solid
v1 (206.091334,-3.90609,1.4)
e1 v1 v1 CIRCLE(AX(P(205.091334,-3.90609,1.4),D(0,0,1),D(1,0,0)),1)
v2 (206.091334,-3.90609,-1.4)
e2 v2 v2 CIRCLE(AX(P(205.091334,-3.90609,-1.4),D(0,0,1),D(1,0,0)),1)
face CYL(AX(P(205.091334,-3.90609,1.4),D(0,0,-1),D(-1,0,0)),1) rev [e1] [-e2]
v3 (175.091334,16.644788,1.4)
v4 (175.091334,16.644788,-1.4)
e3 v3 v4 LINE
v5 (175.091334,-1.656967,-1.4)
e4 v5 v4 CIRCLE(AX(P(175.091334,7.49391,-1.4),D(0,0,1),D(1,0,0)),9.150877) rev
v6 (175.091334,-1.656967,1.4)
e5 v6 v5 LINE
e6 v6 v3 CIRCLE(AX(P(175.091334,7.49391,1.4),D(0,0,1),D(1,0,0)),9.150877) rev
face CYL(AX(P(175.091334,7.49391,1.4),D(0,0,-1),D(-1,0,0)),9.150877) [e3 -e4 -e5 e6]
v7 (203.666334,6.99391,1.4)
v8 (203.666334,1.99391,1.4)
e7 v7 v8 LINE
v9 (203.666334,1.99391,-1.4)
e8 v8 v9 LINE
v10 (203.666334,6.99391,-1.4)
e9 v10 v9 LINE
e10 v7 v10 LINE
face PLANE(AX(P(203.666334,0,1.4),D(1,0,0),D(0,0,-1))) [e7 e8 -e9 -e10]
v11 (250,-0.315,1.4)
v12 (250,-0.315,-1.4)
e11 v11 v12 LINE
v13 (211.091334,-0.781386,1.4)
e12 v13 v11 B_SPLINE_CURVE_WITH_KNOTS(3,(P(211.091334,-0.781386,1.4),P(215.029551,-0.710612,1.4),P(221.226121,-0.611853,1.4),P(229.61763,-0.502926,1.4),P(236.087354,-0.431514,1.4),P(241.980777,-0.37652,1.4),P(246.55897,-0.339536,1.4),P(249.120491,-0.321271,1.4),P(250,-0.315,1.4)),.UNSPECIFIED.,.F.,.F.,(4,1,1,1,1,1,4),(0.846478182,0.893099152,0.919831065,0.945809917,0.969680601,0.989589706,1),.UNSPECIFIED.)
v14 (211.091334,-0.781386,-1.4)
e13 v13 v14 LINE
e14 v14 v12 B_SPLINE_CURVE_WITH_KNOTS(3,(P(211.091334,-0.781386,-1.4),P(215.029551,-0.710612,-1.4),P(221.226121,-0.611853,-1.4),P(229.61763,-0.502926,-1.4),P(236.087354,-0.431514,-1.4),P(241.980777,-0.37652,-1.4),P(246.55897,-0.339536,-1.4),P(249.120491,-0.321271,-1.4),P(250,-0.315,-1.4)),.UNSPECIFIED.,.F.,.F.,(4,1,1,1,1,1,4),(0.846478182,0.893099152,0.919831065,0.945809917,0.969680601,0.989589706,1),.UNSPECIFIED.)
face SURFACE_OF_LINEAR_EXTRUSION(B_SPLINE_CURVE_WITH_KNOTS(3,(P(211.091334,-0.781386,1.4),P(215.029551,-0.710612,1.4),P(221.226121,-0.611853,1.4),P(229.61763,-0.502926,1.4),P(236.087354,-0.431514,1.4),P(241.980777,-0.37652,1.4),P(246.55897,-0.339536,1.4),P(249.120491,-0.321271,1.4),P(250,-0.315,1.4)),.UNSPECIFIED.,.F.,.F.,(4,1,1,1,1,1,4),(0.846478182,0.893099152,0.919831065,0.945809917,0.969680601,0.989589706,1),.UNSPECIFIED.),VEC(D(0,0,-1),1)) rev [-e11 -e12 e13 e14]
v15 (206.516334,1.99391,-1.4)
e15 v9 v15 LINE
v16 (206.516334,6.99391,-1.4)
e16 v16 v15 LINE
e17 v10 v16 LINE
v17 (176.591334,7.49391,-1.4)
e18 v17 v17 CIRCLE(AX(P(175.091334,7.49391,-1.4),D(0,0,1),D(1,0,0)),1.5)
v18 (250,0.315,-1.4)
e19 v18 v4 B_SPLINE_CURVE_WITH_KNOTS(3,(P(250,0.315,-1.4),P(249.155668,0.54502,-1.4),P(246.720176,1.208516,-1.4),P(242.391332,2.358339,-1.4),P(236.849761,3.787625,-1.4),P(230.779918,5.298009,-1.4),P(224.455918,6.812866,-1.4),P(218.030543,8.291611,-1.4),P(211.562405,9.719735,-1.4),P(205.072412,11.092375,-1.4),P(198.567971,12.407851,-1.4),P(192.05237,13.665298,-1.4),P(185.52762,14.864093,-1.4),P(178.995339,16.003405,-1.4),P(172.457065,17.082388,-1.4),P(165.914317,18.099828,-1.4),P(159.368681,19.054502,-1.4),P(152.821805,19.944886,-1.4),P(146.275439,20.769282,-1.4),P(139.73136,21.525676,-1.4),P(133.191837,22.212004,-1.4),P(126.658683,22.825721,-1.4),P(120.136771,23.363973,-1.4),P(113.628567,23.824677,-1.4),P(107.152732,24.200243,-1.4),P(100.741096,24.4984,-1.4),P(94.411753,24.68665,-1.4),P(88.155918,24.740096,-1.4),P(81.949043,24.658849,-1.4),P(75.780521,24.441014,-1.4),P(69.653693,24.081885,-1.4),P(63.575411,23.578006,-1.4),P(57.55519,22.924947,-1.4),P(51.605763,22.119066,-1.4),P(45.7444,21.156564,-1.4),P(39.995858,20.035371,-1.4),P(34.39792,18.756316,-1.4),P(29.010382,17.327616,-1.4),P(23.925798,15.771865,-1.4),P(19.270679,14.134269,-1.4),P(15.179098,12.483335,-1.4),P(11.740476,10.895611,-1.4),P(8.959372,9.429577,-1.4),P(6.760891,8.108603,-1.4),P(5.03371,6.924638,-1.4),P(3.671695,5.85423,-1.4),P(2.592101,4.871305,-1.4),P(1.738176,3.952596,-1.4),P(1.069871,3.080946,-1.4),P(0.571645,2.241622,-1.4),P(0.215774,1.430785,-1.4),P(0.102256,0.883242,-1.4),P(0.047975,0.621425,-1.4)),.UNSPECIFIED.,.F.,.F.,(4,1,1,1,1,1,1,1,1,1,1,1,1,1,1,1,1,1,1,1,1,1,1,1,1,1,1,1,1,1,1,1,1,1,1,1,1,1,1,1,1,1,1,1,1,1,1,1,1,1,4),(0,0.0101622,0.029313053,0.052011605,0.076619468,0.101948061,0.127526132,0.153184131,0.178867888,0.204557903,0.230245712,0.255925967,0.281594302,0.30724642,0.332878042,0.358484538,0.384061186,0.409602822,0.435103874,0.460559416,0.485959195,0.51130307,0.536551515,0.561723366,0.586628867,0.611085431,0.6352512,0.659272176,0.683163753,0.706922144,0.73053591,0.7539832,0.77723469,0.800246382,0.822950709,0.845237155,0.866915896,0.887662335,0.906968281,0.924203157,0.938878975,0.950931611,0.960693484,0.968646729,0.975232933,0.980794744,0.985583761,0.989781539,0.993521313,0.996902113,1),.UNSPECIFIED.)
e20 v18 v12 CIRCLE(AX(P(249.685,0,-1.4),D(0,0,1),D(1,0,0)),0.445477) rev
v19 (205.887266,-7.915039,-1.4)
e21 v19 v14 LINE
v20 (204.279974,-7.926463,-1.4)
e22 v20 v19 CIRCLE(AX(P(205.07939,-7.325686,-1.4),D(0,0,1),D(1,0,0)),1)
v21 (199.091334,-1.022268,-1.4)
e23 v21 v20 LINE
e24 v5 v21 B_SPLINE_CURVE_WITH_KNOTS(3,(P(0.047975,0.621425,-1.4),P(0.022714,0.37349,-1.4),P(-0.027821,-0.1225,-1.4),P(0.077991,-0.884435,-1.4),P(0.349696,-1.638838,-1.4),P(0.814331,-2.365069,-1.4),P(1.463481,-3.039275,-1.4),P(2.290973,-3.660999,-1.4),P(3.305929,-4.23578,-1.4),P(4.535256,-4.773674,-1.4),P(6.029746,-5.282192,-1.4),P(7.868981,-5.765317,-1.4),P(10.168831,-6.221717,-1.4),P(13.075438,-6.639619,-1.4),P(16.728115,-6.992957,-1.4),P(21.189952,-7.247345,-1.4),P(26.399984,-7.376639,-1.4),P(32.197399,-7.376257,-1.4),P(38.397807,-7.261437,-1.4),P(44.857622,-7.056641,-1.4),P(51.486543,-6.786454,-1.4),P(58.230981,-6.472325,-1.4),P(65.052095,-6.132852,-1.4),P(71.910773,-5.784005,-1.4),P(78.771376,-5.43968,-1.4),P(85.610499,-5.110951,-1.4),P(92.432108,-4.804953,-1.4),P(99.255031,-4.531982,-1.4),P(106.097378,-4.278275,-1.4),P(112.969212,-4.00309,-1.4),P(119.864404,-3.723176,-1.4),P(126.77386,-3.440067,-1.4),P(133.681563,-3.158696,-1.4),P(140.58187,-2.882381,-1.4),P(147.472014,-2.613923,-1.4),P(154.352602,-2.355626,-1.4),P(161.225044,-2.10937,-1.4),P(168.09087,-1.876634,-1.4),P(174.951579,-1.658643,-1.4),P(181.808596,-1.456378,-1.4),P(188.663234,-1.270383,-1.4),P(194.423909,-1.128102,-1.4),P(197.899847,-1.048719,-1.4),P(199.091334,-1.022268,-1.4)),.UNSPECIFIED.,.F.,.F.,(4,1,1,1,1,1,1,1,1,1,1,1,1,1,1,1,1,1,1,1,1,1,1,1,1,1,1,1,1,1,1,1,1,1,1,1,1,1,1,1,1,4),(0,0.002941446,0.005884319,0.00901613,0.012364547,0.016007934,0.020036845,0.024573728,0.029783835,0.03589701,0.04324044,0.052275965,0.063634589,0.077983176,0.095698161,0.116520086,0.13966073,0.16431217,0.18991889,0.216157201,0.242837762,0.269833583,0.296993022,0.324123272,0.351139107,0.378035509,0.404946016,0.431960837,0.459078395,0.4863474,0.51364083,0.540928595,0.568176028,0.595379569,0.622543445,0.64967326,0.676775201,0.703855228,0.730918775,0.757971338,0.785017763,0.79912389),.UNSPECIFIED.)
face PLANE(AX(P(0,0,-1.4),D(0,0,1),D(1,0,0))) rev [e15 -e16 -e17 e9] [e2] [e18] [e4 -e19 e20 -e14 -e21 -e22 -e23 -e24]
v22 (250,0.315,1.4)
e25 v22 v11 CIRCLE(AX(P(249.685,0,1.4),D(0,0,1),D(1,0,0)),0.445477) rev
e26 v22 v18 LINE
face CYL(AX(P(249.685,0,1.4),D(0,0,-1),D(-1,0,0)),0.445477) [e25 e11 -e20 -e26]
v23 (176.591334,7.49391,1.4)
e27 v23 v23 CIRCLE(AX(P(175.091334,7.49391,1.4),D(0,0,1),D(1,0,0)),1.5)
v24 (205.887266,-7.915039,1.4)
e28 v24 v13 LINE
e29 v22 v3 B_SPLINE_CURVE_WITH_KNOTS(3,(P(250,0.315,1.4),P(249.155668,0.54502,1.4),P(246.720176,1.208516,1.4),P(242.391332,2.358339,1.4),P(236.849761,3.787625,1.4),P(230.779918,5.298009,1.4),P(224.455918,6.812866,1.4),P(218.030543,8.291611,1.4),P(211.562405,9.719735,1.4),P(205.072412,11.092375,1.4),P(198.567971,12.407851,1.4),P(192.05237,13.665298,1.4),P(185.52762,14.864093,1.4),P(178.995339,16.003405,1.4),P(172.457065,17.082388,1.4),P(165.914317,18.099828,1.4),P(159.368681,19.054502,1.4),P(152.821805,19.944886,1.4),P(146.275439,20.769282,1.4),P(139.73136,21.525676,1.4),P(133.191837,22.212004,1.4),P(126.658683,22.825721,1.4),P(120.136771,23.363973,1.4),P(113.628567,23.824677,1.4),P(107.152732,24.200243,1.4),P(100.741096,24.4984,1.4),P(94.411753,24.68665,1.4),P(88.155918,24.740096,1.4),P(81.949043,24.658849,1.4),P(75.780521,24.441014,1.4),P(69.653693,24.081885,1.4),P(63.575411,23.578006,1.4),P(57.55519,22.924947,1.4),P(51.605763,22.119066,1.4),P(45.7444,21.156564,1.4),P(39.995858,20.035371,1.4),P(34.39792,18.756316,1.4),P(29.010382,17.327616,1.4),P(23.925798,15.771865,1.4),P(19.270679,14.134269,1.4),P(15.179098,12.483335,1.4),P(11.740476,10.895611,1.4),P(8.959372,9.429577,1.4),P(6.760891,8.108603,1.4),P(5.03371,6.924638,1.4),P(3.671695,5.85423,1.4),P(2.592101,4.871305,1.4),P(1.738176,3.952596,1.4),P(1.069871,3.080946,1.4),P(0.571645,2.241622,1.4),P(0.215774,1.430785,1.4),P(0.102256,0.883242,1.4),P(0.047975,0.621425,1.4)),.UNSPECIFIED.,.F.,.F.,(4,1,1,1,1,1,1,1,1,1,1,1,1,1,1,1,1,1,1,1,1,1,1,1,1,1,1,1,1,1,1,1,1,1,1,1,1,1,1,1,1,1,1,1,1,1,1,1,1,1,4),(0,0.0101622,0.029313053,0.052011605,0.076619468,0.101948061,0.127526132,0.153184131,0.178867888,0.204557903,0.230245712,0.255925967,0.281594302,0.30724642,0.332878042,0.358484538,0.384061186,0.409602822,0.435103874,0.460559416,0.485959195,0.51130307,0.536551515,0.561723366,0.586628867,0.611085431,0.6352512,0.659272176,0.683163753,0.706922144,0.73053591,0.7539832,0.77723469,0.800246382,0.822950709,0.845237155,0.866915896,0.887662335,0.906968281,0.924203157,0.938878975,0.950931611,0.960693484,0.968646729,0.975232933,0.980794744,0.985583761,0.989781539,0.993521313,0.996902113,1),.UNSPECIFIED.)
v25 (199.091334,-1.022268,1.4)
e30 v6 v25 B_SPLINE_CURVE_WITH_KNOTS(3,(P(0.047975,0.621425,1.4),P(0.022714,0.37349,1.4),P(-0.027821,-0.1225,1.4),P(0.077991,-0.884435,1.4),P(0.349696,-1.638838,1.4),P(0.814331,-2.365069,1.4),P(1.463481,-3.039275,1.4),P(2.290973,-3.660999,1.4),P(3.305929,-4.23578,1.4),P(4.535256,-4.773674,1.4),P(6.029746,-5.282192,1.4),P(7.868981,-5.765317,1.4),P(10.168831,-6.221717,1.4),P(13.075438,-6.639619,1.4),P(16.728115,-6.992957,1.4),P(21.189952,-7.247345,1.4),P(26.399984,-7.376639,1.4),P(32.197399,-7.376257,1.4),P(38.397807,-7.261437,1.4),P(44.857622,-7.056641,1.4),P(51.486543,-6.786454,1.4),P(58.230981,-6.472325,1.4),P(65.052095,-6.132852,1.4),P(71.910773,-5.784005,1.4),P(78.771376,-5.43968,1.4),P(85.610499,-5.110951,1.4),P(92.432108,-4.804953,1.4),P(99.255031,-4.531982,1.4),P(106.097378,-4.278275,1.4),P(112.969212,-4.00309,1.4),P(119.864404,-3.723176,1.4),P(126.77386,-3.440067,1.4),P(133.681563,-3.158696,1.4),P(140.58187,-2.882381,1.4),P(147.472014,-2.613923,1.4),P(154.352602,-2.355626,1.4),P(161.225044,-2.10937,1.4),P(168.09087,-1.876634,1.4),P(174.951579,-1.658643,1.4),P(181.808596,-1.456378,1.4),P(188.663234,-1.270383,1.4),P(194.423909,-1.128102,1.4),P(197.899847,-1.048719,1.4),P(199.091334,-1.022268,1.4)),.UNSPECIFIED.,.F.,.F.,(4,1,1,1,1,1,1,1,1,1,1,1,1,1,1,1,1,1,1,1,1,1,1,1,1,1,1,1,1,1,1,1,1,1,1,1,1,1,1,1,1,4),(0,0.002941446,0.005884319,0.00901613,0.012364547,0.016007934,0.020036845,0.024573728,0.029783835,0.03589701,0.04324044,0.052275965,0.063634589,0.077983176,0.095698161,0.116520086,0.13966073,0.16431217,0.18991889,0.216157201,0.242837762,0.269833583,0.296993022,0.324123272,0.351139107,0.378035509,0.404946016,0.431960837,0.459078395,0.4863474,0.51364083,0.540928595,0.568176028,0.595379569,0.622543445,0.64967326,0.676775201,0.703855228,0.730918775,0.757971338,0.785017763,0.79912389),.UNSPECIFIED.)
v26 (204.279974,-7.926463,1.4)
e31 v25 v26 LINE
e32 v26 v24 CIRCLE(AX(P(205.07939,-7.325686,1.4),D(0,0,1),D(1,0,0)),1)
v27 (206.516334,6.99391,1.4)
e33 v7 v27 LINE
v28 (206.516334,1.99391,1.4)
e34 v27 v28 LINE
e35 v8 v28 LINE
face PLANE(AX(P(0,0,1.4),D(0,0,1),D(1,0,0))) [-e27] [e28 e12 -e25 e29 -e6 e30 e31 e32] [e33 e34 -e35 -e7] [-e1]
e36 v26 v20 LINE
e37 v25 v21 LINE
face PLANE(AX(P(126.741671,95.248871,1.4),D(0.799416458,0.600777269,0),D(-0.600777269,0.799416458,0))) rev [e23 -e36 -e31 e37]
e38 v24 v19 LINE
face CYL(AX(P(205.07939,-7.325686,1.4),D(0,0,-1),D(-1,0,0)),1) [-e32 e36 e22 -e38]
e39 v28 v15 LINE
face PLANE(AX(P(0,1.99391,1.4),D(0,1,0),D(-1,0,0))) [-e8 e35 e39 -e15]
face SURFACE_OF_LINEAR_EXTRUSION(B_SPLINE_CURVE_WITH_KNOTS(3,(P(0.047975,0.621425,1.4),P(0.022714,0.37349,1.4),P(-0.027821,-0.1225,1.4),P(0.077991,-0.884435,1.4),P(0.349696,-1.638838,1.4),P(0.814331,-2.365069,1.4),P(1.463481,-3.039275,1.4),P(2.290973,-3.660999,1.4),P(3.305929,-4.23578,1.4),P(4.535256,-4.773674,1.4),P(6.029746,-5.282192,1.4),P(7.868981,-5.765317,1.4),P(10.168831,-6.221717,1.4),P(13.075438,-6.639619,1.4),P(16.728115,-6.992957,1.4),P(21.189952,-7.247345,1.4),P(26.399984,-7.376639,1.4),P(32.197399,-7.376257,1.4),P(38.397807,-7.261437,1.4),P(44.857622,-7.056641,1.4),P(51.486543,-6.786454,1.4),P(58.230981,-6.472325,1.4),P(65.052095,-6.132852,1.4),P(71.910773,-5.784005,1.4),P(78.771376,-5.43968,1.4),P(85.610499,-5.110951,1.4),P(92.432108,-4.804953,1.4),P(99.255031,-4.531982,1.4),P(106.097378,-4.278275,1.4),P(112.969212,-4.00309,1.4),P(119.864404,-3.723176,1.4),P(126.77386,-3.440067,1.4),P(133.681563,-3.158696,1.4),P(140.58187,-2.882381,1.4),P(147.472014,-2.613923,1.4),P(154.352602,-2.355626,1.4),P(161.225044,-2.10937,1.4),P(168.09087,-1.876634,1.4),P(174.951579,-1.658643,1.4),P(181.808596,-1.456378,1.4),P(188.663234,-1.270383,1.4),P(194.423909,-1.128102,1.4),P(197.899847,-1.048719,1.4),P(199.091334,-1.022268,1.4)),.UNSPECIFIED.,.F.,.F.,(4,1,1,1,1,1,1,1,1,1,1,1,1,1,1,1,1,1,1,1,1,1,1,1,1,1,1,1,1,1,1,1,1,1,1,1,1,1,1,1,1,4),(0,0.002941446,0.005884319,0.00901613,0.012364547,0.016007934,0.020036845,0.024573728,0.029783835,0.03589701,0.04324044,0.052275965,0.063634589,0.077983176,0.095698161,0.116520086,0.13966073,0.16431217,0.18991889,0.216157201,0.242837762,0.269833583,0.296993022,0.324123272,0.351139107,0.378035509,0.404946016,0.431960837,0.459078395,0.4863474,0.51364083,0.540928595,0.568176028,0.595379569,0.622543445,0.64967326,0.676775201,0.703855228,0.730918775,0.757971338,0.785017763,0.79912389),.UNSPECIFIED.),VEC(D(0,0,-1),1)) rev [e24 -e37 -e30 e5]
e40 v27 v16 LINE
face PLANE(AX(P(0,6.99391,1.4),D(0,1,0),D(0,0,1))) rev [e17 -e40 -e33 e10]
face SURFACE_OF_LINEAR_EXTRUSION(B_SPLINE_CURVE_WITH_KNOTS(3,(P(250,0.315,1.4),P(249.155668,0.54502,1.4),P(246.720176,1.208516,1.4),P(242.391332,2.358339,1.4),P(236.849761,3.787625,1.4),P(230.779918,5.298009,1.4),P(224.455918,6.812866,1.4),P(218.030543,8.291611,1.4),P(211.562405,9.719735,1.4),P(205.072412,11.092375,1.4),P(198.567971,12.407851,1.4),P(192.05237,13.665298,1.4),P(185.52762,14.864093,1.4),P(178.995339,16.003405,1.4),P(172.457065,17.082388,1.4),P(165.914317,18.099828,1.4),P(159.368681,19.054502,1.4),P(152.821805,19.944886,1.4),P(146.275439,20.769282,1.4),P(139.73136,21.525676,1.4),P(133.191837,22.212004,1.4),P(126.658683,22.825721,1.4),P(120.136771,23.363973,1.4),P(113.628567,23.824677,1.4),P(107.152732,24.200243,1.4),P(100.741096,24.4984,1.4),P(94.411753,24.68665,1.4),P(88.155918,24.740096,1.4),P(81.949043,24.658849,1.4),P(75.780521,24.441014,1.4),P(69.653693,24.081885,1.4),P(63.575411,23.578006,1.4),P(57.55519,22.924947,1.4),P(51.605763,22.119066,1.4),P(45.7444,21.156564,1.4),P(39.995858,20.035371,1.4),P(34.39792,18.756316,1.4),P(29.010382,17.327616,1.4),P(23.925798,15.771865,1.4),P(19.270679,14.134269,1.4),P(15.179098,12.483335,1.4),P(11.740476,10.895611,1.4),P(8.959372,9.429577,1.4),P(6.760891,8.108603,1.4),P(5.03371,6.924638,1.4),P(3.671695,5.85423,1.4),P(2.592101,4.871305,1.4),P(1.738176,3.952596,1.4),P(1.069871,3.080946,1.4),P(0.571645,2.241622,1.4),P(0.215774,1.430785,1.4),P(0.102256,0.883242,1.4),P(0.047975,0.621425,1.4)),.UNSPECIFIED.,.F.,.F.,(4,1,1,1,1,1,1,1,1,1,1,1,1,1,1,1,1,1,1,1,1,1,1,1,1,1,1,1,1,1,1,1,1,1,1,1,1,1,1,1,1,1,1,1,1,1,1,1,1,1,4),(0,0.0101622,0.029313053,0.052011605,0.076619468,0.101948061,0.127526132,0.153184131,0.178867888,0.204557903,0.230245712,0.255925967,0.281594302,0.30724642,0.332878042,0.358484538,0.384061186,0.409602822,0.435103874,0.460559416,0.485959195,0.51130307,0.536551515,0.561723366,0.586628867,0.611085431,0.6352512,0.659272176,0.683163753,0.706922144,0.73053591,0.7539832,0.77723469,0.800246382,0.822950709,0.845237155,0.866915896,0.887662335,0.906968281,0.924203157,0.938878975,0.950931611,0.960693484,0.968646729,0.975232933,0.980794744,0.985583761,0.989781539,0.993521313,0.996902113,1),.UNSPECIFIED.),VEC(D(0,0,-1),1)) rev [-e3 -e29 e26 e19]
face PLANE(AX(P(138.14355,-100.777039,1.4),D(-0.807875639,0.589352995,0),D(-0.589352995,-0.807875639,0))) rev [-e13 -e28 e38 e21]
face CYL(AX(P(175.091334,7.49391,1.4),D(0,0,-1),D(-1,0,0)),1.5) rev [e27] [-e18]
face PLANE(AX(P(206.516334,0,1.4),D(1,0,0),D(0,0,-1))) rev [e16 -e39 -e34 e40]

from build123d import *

# Parameters (mm, degrees)
SKETCH_1_R      = 1
SKETCH_1_R_2    = 1.5
SKETCH_1_W      = 2.85
SKETCH_1_H      = 5
EXTRUDE_1_DEPTH = 1.4


with BuildPart() as part:
    # Эскиз1 → Бобышка-Вытянуть1 (new, symmetric)
    with BuildSketch(Plane.XY):
        with BuildLine():
            ThreePointArc((175.091334091, 16.644787515), (168.620686799, 13.96455765), (165.940456932, 7.493910359))
            ThreePointArc((165.940456932, 7.493910359), (168.620686797, 1.023263065), (175.091334091, -1.656966802))
            add(Edge.make_bspline(
                [(175.091334091, -1.656966802), (177.330680613, -1.588466601), (181.854695323, -1.455127256), (188.663234462, -1.270383377), (194.423908611, -1.128102082), (197.899847219, -1.04871935), (199.091334091, -1.02226769)],
                knots=[0.704401069, 0.704401069, 0.704401069, 0.704401069, 0.730918775, 0.757971338, 0.785017763, 0.79912389, 0.79912389, 0.79912389, 0.79912389], degree=3))
            Line((199.091334091, -1.02226769), (204.279973699, -7.926463493))
            ThreePointArc((204.279973699, -7.926463493), (205.086497755, -8.325660965), (205.887265796, -7.915039218))
            Line((205.887265796, -7.915039218), (211.091334091, -0.78138581))
            add(Edge.make_bspline(
                [(211.091334091, -0.78138581), (215.029550732, -0.71061193), (221.226120504, -0.611852577), (229.617630172, -0.50292618), (236.087353854, -0.431514192), (241.980776913, -0.376520461), (246.558970011, -0.339535886), (249.120490965, -0.321271242), (250, -0.315)],
                knots=[0.846478182, 0.846478182, 0.846478182, 0.846478182, 0.893099152, 0.919831065, 0.945809917, 0.969680601, 0.989589706, 1, 1, 1, 1], degree=3))
            ThreePointArc((250, -0.315), (250.130477272, 0), (250, 0.315))
            add(Edge.make_bspline(
                [(250, 0.315), (249.15566774, 0.545019818), (246.720175698, 1.208516243), (242.391332083, 2.358339053), (236.849761204, 3.787625364), (230.779918279, 5.298008837), (224.455917947, 6.812866028), (218.030543496, 8.291610632), (211.562405045, 9.719735057), (205.072411509, 11.092374932), (198.567970913, 12.407850726), (192.052369914, 13.665297924), (185.527619973, 14.864093303), (179.872800983, 15.850364437), (176.392239334, 16.431323122), (175.091334091, 16.644787515)],
                knots=[0, 0, 0, 0, 0.0101622, 0.029313053, 0.052011605, 0.076619468, 0.101948061, 0.127526132, 0.153184131, 0.178867888, 0.204557903, 0.230245712, 0.255925967, 0.281594302, 0.296903142, 0.296903142, 0.296903142, 0.296903142], degree=3))
        make_face()
        with Locations((205.091334091, -3.906089643)):
            Circle(SKETCH_1_R, mode=Mode.SUBTRACT)
        with Locations((175.091334091, 7.493910357)):
            Circle(SKETCH_1_R_2, mode=Mode.SUBTRACT)
        with Locations((205.091334091, 4.493910357)):
            Rectangle(SKETCH_1_W, SKETCH_1_H, mode=Mode.SUBTRACT)
    extrude(amount=EXTRUDE_1_DEPTH, both=True)


solid = part.part
